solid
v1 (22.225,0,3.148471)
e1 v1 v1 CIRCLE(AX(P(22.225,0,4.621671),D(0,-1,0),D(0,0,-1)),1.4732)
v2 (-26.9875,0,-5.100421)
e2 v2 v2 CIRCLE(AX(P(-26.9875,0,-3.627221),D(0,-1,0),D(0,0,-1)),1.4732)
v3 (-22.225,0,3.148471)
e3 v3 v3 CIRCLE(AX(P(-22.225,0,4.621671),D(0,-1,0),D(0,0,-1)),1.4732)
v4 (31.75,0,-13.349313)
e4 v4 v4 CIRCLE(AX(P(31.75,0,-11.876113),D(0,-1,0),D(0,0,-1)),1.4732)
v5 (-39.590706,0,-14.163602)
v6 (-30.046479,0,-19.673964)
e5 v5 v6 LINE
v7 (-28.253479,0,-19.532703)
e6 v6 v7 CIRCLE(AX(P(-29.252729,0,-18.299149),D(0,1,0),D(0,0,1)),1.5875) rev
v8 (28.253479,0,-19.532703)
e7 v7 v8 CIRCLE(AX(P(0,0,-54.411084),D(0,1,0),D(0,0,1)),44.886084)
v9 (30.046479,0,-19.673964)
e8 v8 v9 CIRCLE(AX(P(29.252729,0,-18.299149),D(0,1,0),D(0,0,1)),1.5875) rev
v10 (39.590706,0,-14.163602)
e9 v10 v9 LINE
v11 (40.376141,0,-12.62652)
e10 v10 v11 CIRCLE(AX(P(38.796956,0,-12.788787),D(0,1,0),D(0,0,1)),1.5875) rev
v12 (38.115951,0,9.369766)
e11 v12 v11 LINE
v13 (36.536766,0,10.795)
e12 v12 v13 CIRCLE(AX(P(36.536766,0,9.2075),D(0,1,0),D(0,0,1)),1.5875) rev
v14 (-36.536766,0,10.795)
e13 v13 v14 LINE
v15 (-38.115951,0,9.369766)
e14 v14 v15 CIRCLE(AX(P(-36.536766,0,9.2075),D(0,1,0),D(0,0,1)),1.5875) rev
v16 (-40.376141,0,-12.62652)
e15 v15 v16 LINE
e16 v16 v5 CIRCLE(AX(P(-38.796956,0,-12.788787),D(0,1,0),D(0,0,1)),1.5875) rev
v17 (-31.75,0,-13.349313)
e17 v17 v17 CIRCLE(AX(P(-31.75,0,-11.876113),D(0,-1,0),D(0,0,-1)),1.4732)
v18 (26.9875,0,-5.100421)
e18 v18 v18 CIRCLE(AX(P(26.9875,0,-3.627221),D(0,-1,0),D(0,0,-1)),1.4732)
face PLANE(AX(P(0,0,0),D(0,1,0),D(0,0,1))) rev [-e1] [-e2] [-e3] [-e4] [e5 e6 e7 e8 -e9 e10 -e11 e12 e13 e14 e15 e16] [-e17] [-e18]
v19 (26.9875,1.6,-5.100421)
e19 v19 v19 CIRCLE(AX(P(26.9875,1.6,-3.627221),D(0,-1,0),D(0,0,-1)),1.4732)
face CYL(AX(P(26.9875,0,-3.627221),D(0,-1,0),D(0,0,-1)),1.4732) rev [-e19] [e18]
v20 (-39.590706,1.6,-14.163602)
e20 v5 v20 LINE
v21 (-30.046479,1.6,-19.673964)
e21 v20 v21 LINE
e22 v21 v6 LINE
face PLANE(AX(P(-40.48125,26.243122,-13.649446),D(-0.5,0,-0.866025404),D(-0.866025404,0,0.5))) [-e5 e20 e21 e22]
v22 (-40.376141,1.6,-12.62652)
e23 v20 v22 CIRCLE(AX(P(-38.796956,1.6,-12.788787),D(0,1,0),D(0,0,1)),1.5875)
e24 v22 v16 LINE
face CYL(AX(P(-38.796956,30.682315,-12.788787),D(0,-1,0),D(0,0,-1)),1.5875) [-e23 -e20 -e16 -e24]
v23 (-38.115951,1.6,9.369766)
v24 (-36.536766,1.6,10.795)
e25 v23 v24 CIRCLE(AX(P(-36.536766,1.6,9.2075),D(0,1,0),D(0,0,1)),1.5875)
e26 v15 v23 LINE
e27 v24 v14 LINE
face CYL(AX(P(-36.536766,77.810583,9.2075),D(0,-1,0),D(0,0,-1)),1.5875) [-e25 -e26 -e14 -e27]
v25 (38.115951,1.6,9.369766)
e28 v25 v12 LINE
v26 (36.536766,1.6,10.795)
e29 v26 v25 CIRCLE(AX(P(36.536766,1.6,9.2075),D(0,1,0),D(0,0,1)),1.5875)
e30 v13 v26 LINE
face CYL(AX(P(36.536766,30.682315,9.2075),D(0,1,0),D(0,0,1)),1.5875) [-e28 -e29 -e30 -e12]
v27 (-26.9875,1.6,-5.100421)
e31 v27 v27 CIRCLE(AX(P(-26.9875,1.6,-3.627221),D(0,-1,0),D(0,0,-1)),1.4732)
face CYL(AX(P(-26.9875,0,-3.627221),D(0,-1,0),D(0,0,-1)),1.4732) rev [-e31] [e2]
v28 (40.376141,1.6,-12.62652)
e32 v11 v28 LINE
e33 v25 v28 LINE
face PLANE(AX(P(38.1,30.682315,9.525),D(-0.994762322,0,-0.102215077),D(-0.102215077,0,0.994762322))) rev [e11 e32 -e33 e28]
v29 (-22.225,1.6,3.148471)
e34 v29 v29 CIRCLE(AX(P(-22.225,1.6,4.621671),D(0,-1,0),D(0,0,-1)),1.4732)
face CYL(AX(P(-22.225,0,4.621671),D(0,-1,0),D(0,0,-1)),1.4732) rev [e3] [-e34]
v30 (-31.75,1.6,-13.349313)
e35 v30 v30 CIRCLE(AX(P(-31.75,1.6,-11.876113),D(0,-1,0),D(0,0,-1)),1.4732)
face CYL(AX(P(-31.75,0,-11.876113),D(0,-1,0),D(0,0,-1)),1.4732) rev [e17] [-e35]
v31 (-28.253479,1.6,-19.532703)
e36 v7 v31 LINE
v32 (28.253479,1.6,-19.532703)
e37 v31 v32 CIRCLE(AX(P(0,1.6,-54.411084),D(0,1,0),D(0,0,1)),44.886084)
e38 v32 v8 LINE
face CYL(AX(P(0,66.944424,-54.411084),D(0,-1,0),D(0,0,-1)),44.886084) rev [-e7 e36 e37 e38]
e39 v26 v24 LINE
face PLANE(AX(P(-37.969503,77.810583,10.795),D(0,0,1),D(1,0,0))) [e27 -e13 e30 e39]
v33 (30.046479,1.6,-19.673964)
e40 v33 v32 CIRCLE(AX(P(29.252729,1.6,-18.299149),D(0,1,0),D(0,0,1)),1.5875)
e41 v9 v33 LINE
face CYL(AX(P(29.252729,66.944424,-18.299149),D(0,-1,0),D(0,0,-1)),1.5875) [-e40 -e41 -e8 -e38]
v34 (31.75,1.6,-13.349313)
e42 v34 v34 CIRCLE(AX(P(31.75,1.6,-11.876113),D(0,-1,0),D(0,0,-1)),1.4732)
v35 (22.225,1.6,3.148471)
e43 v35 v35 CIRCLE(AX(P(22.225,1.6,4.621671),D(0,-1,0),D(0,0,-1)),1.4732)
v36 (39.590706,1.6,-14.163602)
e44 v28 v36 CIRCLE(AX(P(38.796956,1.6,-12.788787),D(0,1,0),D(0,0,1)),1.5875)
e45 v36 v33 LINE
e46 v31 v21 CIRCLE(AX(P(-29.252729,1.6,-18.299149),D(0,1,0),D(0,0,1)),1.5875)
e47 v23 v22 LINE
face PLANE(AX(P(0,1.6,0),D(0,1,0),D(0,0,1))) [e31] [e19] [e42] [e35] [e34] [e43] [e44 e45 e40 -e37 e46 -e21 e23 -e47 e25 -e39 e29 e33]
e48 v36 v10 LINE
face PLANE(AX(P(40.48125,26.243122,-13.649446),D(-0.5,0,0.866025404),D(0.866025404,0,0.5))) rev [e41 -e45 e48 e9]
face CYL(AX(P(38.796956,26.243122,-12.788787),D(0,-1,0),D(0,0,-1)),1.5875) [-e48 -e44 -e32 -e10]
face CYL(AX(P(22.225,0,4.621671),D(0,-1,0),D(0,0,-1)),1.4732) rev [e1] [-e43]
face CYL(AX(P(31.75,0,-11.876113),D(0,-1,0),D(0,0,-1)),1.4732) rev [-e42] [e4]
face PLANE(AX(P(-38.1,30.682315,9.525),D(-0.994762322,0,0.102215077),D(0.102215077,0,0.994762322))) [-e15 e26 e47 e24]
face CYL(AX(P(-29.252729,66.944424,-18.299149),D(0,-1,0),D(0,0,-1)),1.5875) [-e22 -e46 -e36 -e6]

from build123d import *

# Parameters (mm, degrees)
SKETCH1_W             = 76.2
SKETCH1_H             = 19.05
BOSS_EXTRUDE1_DEPTH   = 1.6
BOSS_EXTRUDE2_DEPTH   = 1.6
BOSS_EXTRUDE3_DEPTH   = 1.6
BOSS_EXTRUDE4_DEPTH   = 1.6
BOSS_EXTRUDE5_DEPTH   = 1.6
FILLET4_R             = 1.5875
F_4_CLEARANCE_HOLE1_D = 2.9464


with BuildPart() as part:
    # Sketch1 → Boss-Extrude1 (new body)
    with BuildSketch(Plane(origin=(0, 0, 0), x_dir=(1, 0, 0), z_dir=(0, 1, 0))):
        Rectangle(SKETCH1_W, SKETCH1_H)
    extrude(amount=BOSS_EXTRUDE1_DEPTH)

    # Sketch2 → Boss-Extrude2 (add)
    with BuildSketch(Plane.XZ):
        Polygon((-40.48125, -13.649445986), (-29.089234633, -20.226629124), (-22.910646178, -9.525), (-34.302661544, -2.947816861), align=None)
    boss_extrude2 = extrude(amount=-BOSS_EXTRUDE2_DEPTH)

    # Sketch3 → Boss-Extrude3 (add)
    with BuildSketch(Plane.XZ):
        Polygon((-38.1, 9.525), (-40.48125, -13.649445986), (-22.910646178, -9.525), align=None)
    boss_extrude3 = extrude(amount=-BOSS_EXTRUDE3_DEPTH)

    # Mirror1: Boss-Extrude2, Boss-Extrude3 across plane
    add(boss_extrude2.mirror(Plane(origin=(0, 0, 0), x_dir=(0, 0, 1), z_dir=(1, 0, 0))))
    add(boss_extrude3.mirror(Plane(origin=(0, 0, 0), x_dir=(0, 0, 1), z_dir=(1, 0, 0))))

    # Sketch4 → Boss-Extrude4 (add)
    with BuildSketch(Plane.XZ):
        with BuildLine():
            Line((-29.089234633, -20.226629124), (-29.089234633, 9.525))
            Line((-29.089234633, 9.525), (29.089234633, 9.525))
            Line((29.089234633, 9.525), (29.089234633, -20.226629124))
            ThreePointArc((29.089234633, -20.226629124), (0, -9.525), (-29.089234633, -20.226629124))
        make_face()
    extrude(amount=-BOSS_EXTRUDE4_DEPTH)

    # Sketch5 → Boss-Extrude5 (add)
    with BuildSketch(Plane.XZ):
        Polygon((-38.1, 9.525), (-37.969503353, 10.795), (37.969503353, 10.795), (38.1, 9.525), align=None)
    extrude(amount=-BOSS_EXTRUDE5_DEPTH)

    # Fillet4
    fillet4_edges = [part.edges().sort_by_distance(p)[0] for p in [
        (-40.48125, 0.8, -13.649445986),
        (-29.089234633, 0.8, -20.226629124),
        (40.48125, 0.8, -13.649445986),
        (29.089234633, 0.8, -20.226629124),
        (37.969503353, 0.8, 10.795),
        (-37.969503353, 0.8, 10.795),
    ]]
    fillet(fillet4_edges, radius=FILLET4_R)

    # #4 Clearance Hole1 (through all)
    with Locations(Plane(origin=(-22.225, 0, 4.621670802), x_dir=(0, 0, -1), z_dir=(0, -1, 0))):
        with Locations((0, 0), (8.248891971, -4.7625), (16.497783942, -9.525)):
            f_4_clearance_hole1 = Hole(F_4_CLEARANCE_HOLE1_D / 2)

    # Mirror2: #4 Clearance Hole1 across plane
    add(f_4_clearance_hole1.mirror(Plane(origin=(0, 0, 0), x_dir=(0, 0, 1), z_dir=(1, 0, 0))), mode=Mode.SUBTRACT)


solid = part.part
